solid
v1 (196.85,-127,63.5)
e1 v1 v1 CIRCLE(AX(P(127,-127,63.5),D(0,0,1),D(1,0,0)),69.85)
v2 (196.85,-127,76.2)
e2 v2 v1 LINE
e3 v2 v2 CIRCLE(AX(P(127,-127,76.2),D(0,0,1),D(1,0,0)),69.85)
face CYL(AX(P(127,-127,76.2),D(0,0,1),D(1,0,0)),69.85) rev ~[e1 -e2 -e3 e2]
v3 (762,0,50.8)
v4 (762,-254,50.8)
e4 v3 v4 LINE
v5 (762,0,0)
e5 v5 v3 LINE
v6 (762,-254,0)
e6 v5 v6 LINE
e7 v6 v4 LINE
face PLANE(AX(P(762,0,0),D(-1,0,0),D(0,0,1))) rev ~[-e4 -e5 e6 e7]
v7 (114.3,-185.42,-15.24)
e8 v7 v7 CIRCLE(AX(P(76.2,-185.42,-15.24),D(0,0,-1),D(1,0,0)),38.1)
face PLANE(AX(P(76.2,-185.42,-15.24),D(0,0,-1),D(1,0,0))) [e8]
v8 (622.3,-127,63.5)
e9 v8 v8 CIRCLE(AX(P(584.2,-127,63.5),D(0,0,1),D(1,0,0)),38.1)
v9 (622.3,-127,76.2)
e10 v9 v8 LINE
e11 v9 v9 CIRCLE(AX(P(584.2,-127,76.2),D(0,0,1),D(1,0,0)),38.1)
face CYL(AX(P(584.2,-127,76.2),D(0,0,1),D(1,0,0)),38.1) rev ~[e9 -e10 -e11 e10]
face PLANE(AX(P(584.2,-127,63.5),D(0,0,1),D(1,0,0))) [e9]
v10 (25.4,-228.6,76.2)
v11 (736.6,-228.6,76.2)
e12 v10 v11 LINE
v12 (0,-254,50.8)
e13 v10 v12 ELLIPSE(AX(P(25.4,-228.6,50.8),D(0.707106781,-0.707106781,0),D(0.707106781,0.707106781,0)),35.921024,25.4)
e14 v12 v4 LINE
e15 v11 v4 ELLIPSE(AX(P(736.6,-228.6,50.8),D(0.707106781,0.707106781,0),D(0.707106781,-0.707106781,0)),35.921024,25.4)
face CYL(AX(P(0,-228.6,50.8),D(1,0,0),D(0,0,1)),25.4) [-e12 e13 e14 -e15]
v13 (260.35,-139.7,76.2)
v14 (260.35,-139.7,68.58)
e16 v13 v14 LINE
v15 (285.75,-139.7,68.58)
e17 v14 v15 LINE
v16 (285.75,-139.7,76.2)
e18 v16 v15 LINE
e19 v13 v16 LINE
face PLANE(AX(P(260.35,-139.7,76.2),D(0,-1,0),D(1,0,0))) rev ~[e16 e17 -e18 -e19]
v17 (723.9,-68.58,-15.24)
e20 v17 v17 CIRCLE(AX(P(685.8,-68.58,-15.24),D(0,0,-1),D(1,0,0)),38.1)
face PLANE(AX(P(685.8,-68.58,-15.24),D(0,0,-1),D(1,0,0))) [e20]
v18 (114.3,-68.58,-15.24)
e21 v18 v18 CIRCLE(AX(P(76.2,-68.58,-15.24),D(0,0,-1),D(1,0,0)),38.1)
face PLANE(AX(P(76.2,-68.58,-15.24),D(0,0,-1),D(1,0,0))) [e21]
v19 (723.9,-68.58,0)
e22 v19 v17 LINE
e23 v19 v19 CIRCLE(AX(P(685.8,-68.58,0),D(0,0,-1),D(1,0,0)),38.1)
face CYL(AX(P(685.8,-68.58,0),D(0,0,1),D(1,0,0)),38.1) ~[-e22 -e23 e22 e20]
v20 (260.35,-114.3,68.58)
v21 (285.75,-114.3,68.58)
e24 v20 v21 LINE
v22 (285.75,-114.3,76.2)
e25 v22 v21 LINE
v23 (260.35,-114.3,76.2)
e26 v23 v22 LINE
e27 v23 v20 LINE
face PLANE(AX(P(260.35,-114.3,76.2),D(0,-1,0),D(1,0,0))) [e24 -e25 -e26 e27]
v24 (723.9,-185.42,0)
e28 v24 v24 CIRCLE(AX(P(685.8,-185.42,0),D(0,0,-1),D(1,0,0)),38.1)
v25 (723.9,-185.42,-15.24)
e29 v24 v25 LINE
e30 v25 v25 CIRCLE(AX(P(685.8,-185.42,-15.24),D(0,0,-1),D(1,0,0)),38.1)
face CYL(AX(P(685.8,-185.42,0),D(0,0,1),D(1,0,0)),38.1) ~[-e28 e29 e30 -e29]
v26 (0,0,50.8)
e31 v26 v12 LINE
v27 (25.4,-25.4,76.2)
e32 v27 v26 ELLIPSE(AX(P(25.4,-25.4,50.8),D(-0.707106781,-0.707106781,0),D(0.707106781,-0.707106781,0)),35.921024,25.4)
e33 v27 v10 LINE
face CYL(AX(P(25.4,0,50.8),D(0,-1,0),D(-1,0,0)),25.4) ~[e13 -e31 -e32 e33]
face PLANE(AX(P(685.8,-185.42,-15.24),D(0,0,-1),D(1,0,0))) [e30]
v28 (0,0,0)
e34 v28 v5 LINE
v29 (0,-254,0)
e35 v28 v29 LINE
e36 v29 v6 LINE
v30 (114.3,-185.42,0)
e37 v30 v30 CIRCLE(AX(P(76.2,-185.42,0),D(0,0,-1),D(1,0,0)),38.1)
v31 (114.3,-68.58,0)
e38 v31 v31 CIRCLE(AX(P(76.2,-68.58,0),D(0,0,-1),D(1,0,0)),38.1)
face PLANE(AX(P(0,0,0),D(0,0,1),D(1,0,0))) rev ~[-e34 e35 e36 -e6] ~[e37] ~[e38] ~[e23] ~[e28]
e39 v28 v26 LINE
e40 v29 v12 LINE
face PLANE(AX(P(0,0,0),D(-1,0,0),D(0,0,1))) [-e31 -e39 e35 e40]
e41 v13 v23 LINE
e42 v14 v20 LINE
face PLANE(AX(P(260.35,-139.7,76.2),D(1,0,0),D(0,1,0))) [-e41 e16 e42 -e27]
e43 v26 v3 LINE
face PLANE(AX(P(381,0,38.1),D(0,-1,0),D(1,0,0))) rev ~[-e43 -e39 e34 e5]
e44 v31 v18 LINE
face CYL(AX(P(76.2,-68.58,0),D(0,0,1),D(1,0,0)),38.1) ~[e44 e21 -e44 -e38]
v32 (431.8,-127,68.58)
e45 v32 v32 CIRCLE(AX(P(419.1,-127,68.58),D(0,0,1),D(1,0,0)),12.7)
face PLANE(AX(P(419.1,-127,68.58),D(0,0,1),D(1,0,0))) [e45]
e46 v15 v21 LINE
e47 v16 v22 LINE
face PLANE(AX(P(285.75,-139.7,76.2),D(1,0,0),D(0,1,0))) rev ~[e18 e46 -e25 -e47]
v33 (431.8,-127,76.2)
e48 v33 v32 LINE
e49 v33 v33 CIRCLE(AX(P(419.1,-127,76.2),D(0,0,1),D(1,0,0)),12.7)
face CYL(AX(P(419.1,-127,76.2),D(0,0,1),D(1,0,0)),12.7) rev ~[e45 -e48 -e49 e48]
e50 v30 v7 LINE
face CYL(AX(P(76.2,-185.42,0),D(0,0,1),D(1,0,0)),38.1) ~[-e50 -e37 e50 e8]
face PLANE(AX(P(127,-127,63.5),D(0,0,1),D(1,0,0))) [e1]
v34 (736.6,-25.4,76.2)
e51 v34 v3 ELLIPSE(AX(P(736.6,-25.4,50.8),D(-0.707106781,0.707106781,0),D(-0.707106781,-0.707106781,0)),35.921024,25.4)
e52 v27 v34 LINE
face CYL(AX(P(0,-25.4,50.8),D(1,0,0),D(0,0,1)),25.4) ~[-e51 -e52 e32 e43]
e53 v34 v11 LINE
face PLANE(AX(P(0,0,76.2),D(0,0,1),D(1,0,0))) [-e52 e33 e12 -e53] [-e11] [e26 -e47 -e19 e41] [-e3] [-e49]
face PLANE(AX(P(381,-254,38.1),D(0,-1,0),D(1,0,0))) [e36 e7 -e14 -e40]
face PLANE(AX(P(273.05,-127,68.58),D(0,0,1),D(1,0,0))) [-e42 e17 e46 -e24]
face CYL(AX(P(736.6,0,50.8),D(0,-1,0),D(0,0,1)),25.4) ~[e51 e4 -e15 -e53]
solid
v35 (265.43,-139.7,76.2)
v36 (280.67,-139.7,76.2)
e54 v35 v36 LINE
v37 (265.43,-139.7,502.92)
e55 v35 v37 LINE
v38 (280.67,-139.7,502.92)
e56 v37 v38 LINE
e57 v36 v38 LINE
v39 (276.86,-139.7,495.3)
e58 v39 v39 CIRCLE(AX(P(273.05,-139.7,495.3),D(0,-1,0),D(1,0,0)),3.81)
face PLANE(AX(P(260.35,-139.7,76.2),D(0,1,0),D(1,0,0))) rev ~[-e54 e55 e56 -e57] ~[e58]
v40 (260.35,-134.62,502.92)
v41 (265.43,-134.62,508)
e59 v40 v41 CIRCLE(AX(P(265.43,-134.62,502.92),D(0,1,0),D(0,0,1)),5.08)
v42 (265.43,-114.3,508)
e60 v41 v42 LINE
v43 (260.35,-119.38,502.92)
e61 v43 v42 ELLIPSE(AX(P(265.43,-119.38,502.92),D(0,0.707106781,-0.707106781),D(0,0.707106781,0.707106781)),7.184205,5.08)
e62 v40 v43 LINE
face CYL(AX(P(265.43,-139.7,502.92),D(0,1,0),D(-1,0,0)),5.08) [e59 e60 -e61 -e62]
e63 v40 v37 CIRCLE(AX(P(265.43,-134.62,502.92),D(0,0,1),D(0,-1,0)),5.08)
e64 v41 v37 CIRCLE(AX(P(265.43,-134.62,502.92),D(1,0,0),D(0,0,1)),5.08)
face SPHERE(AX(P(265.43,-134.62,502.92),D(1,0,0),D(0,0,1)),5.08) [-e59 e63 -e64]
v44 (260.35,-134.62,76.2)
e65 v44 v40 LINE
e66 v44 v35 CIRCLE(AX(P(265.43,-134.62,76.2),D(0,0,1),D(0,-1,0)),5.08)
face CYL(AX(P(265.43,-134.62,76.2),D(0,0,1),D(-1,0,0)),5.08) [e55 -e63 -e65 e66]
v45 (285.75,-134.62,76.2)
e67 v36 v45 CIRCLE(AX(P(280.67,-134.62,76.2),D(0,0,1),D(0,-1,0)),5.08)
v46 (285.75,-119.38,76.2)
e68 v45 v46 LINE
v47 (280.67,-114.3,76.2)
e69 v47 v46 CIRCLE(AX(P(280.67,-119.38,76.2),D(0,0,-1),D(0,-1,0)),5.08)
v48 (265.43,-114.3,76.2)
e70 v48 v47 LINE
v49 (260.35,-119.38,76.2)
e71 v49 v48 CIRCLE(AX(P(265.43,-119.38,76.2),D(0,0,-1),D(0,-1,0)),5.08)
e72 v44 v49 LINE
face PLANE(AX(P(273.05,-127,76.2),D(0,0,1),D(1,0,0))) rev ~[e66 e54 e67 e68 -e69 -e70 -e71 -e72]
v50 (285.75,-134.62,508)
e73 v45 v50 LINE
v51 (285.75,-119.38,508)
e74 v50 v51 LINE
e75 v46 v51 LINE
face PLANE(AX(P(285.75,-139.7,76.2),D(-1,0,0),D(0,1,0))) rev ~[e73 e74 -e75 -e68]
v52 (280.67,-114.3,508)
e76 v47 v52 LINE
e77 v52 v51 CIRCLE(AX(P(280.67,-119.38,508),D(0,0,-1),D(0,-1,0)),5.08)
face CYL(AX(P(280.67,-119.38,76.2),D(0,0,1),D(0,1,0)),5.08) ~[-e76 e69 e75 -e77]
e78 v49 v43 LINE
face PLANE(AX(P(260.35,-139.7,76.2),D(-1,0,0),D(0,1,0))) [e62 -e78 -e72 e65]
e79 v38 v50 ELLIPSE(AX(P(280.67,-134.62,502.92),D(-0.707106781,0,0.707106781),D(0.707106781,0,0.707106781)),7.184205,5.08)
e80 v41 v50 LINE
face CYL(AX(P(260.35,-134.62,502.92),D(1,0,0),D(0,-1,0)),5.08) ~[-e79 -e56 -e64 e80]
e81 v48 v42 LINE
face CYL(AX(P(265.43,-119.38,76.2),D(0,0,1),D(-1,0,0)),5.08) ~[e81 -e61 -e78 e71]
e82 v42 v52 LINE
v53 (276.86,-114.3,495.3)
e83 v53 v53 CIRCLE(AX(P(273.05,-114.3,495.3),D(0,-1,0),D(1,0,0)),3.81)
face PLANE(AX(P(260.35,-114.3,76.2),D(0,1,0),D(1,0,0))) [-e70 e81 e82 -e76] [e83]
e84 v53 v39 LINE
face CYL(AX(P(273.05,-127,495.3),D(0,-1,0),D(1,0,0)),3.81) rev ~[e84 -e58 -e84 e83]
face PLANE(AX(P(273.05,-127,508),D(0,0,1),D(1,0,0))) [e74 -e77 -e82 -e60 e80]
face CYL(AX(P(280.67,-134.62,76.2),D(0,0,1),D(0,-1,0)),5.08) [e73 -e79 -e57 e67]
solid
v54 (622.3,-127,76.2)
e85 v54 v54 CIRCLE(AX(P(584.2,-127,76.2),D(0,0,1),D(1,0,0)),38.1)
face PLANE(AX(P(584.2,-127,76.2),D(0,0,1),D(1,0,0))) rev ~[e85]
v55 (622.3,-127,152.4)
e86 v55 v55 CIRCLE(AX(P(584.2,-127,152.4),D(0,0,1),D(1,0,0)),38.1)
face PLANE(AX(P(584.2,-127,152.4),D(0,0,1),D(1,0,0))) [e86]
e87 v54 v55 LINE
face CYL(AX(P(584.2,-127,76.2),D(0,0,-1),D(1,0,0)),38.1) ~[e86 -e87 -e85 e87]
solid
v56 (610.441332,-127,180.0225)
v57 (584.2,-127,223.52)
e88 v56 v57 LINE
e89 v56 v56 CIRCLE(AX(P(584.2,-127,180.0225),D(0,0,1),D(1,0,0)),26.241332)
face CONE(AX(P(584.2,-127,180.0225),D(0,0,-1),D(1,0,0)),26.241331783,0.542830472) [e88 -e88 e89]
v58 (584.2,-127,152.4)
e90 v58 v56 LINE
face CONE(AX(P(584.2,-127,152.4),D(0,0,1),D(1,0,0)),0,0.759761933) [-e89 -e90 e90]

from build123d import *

# Parameters (mm, degrees)
F0_W      = 762
F0_H      = 76.2
F1_DEPTH  = 254
F4_R      = 38.1
F5_DEPTH  = 15.24
F2_R      = 38.1
F6_DEPTH  = 76.2
F3_R      = 69.85
F7_DEPTH  = 12.7
F8_DEPTH  = 12.7
F9_R      = 12.7
F10_DEPTH = 7.62
F15_W     = 25.4
F15_H     = 25.4
F16_DEPTH = 7.62
F17_DEPTH = 431.8
F18_R     = 3.81
F19_DEPTH = 12.7
F20_R     = 25.4
F21_R     = 5.08


with BuildPart() as f1:
    # F0 (on Front) → F1 (new body)
    with BuildSketch(Plane.XZ):
        with Locations((381, 38.1)):
            Rectangle(F0_W, F0_H)
    extrude(amount=F1_DEPTH)

    # F4 (on face) → F5 (join)
    with BuildSketch(Plane(origin=(0, 0, 0), x_dir=(1, 0, 0), z_dir=(0, 0, -1))):
        with Locations((76.2, 185.42)):
            Circle(F4_R)
        with Locations((685.8, 185.42)):
            Circle(F4_R)
        with Locations((685.8, 68.58)):
            Circle(F4_R)
        with Locations((76.2, 68.58)):
            Circle(F4_R)
    extrude(amount=F5_DEPTH)

    # F3 (on face) → F7 (cut)
    with BuildSketch(Plane.XY.offset(76.2)):
        with Locations((127, -127)):
            Circle(F3_R)
    extrude(amount=-F7_DEPTH, mode=Mode.SUBTRACT)

    # F2 (on face) → F8 (cut)
    with BuildSketch(Plane.XY.offset(76.2)):
        with Locations((584.2, -127)):
            Circle(F2_R)
    extrude(amount=-F8_DEPTH, mode=Mode.SUBTRACT)

    # F9 (on face) → F10 (cut)
    with BuildSketch(Plane.XY.offset(76.2)):
        with Locations((419.1, -127)):
            Circle(F9_R)
    extrude(amount=-F10_DEPTH, mode=Mode.SUBTRACT)

    # F15 (on face) → F16 (cut)
    with BuildSketch(Plane.XY.offset(76.2)):
        with Locations((273.05, -127)):
            Rectangle(F15_W, F15_H)
    extrude(amount=-F16_DEPTH, mode=Mode.SUBTRACT)

    # F20
    f20_edges = [f1.edges().sort_by_distance(p)[0] for p in [
        (381, -254, 76.2),
        (762, -127, 76.2),
        (381, 0, 76.2),
        (0, -127, 76.2),
    ]]
    fillet(f20_edges, radius=F20_R)


with BuildPart() as f6:
    # F2 (on face) → F6 (new body)
    with BuildSketch(Plane.XY.offset(76.2)):
        with Locations((584.2, -127)):
            Circle(F2_R)
    extrude(amount=F6_DEPTH)


with BuildPart() as f14:
    # F13 (on plane+point) → F14 (revolve)
    with BuildSketch(Plane.XZ.offset(127)):
        Polygon((584.2, 223.52), (584.2, 152.4), (610.4413317831, 180.0225), align=None)
    revolve(axis=Axis((584.2, -127, 187.96), (0, 0, 1)))


with BuildPart() as f17:
    # F15 (on face) → F17 (new body)
    with BuildSketch(Plane.XY.offset(76.2)):
        with Locations((273.05, -127)):
            Rectangle(F15_W, F15_H)
    extrude(amount=F17_DEPTH)

    # F18 (on plane+point) → F19 (cut, symmetric)
    with BuildSketch(Plane.XZ.offset(127)):
        with Locations((273.05, 495.3)):
            Circle(F18_R)
    extrude(amount=F19_DEPTH, both=True, mode=Mode.SUBTRACT)

    # F21
    f21_edges = [f17.edges().sort_by_distance(p)[0] for p in [
        (285.75, -139.7, 292.1),
        (273.05, -139.7, 508),
        (285.75, -114.3, 292.1),
        (260.35, -127, 508),
        (260.35, -139.7, 292.1),
        (260.35, -114.3, 292.1),
    ]]
    fillet(f21_edges, radius=F21_R)


solid = Compound([f1.part, f6.part, f14.part, f17.part])
